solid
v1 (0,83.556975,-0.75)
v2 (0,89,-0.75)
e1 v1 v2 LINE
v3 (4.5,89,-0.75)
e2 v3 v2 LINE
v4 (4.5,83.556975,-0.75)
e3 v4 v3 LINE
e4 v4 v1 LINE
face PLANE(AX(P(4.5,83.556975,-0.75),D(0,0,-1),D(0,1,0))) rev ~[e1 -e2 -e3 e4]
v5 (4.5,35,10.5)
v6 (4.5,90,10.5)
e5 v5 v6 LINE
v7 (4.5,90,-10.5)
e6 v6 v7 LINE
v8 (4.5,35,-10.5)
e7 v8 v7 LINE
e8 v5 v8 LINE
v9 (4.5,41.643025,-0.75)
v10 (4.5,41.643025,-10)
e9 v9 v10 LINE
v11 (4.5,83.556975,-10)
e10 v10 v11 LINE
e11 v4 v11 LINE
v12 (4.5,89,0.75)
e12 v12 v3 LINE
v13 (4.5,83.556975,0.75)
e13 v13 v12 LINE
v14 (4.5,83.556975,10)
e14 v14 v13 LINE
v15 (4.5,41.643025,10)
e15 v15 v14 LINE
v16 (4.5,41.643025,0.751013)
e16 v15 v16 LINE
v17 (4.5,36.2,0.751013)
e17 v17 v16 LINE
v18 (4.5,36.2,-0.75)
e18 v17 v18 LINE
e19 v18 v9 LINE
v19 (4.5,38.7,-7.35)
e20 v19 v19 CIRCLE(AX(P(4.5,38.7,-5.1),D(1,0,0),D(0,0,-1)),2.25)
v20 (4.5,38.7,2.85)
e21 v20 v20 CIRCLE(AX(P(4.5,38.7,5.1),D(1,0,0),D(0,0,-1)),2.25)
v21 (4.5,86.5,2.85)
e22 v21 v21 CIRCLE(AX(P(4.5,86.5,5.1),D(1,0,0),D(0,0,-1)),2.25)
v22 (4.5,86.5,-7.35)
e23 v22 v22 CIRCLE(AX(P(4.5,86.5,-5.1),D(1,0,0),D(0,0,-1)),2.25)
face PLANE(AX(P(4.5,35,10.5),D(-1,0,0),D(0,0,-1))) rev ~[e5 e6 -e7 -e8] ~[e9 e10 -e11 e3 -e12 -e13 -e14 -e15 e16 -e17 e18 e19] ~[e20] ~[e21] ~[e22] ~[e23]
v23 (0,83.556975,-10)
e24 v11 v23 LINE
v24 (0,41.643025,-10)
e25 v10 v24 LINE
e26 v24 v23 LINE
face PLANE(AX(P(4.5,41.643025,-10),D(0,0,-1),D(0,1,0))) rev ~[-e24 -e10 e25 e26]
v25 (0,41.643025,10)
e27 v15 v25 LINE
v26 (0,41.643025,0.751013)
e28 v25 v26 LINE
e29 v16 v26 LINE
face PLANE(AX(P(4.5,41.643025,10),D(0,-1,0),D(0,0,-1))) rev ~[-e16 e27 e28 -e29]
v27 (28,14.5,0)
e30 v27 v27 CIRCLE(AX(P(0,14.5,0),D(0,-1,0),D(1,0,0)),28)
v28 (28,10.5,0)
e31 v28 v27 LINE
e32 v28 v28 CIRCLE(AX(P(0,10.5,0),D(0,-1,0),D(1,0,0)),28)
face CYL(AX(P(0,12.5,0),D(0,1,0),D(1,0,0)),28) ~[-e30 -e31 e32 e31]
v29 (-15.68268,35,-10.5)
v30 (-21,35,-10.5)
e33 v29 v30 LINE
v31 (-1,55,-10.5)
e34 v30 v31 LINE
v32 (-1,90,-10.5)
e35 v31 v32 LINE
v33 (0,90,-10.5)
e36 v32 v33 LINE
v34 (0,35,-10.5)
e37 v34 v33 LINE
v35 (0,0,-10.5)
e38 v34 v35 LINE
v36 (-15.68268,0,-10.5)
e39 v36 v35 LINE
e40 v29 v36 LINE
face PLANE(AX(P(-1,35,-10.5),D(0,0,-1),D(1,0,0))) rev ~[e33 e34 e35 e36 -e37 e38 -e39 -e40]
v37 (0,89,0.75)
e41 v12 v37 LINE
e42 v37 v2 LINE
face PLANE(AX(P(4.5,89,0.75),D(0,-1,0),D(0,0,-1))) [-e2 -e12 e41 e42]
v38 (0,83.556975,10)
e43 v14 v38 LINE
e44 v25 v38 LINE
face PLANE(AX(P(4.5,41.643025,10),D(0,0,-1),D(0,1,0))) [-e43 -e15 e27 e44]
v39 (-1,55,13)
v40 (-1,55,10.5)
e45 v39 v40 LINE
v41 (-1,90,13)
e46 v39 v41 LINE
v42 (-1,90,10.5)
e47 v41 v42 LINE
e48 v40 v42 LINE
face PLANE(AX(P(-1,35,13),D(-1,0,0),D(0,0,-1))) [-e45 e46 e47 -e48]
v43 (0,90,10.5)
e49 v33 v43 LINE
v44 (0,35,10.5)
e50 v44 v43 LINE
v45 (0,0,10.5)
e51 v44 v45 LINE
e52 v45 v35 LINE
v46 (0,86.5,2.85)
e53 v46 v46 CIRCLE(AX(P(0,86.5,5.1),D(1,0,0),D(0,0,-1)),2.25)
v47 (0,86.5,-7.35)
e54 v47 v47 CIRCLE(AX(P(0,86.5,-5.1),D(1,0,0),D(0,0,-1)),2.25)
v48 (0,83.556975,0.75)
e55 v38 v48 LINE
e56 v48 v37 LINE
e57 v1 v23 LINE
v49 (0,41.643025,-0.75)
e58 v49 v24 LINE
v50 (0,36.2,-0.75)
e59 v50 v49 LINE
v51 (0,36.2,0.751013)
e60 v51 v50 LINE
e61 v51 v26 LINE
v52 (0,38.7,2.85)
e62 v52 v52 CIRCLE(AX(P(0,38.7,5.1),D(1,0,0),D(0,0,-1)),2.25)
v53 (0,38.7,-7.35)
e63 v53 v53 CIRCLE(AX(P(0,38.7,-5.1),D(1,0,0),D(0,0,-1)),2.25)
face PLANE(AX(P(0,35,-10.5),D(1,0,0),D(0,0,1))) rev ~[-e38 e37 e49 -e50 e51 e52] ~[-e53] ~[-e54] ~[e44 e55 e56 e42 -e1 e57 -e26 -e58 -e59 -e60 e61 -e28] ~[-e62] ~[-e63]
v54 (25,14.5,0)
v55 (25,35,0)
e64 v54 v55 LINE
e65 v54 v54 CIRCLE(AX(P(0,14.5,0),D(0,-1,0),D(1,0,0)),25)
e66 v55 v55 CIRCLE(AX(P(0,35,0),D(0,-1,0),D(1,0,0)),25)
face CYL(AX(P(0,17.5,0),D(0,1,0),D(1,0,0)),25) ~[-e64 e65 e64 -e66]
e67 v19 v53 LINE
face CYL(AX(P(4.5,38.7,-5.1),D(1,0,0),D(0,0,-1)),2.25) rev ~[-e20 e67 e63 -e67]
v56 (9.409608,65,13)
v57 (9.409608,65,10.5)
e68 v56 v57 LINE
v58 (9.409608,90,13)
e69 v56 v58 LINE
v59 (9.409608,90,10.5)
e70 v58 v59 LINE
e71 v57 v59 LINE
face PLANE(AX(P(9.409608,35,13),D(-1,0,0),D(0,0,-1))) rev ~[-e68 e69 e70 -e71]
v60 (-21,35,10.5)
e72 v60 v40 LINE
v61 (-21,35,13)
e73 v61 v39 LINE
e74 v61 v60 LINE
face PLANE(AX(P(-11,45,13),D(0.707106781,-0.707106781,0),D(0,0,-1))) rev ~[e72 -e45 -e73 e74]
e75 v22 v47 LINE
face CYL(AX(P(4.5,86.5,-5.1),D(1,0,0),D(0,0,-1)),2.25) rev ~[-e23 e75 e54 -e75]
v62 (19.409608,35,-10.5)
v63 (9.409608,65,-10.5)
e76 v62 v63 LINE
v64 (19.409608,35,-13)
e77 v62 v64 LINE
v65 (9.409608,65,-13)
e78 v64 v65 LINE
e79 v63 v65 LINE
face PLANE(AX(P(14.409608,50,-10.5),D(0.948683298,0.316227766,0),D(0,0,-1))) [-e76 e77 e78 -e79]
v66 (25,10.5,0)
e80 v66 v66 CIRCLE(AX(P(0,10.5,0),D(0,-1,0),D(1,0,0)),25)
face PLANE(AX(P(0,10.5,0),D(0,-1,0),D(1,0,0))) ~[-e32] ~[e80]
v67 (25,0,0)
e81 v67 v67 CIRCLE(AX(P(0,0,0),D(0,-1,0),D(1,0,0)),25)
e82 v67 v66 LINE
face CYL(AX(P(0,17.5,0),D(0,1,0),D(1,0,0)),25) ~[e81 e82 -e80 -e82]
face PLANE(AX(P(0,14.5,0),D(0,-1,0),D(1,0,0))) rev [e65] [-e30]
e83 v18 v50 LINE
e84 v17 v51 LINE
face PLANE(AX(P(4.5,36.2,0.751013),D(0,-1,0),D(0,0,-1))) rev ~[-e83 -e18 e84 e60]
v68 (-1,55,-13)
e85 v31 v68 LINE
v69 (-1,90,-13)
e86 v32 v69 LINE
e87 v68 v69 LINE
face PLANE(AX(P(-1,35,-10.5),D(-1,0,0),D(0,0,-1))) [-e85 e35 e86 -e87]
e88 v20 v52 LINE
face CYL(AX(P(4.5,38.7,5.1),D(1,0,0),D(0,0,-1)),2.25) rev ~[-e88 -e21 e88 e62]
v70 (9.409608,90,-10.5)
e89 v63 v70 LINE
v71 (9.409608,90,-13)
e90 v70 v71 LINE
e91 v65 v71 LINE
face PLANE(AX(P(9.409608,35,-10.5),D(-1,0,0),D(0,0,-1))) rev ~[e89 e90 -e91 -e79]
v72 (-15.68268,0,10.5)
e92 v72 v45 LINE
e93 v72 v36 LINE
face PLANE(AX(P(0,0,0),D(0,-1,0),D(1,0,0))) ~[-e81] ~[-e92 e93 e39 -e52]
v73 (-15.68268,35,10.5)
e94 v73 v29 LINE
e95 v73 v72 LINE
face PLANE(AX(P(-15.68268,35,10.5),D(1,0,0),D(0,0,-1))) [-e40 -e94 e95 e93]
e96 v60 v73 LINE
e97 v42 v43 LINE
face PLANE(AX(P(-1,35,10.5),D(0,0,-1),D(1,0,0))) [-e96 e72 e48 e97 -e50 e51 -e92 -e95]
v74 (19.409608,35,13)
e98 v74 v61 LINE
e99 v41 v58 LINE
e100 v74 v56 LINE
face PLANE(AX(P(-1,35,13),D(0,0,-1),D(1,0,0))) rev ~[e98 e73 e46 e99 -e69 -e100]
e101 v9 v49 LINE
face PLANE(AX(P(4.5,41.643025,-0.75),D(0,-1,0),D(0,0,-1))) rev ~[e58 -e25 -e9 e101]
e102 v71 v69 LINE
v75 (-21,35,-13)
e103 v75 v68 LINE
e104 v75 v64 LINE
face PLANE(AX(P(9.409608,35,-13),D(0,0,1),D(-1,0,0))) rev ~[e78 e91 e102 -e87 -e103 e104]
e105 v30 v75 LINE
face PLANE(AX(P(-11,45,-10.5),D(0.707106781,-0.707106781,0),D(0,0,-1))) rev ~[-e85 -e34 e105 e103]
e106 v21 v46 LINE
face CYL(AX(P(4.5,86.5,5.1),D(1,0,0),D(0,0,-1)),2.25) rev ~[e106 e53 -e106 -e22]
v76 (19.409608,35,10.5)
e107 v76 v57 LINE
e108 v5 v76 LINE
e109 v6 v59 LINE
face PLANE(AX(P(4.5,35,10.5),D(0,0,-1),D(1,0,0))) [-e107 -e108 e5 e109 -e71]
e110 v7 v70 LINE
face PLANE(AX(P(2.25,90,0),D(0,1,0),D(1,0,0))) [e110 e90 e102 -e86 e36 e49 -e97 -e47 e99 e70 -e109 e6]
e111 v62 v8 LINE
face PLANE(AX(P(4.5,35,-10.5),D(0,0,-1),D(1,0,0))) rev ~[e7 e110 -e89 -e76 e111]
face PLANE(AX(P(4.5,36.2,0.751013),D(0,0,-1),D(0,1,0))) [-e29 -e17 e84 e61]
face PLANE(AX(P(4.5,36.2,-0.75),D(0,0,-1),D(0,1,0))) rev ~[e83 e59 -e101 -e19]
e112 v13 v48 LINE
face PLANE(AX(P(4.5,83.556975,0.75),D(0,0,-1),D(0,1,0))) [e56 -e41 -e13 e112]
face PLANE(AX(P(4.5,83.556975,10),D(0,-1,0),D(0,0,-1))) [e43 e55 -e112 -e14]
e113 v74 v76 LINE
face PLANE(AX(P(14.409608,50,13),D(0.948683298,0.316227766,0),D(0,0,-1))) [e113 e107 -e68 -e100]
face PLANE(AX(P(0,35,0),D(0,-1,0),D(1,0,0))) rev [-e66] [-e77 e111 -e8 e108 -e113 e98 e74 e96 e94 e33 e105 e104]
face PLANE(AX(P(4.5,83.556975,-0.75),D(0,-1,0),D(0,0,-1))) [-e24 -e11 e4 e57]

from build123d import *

# Parameters (mm, degrees)
SKETCH1_W           = 3
SKETCH1_H           = 4
SKETCH1_W_2         = 25
SKETCH1_H_2         = 35
SKETCH2_W           = 4.909608088
SKETCH2_H           = 2.5
SKETCH2_W_2         = 1
BOSS_EXTRUDE1_DEPTH = 55
CHAMFER1_SIZE       = 10
CHAMFER1_SIZE2      = 30
CHAMFER2_SIZE       = 20
SKETCH3_R           = 2.25
SKETCH3_W           = 20
SKETCH3_H           = 41.913950128
SKETCH3_W_2         = 1.5
SKETCH3_H_2         = 5.443024936
SKETCH3_W_3         = 1.501012669
CUT_EXTRUDE1_DEPTH  = 55
SKETCH5_W           = 15.682680147
SKETCH5_H           = 21
CUT_EXTRUDE2_DEPTH  = 36


with BuildPart() as part:
    # Sketch1 → Revolve1 (revolve)
    with BuildSketch(Plane.XY):
        with Locations((26.5, 12.5)):
            Rectangle(SKETCH1_W, SKETCH1_H)
        with Locations((12.5, 17.5)):
            Rectangle(SKETCH1_W_2, SKETCH1_H_2)
    revolve(axis=Axis((0, 35, 0), (0, -1, 0)))

    # Sketch2 → Boss-Extrude1 (add)
    with BuildSketch(Plane(origin=(0, 35, 0), x_dir=(1, 0, 0), z_dir=(0, 1, 0))):
        Polygon((4.5, 10.5), (4.5, 13), (0, 13), (0, 10.5), (0, -10.5), (0, -13), (4.5, -13), (4.5, -10.5), align=None)
        with Locations((6.954804044, 11.75)):
            Rectangle(SKETCH2_W, SKETCH2_H)
        with Locations((6.954804044, -11.75)):
            Rectangle(SKETCH2_W, SKETCH2_H)
        with Locations((-0.5, -11.75)):
            Rectangle(SKETCH2_W_2, SKETCH2_H)
        with Locations((-0.5, 11.75)):
            Rectangle(SKETCH2_W_2, SKETCH2_H)
    extrude(amount=BOSS_EXTRUDE1_DEPTH)

    # Chamfer1
    chamfer1_edges = [part.edges().sort_by_distance(p)[0] for p in [
        (9.409608088, 35, 11.75),
        (9.409608088, 35, -11.75),
    ]]
    chamfer1_side = [part.faces().sort_by_distance(p)[0] for p in [
        (-0.237473478, 35, 0),
    ]]
    chamfer(chamfer1_edges, length=CHAMFER1_SIZE, length2=CHAMFER1_SIZE2, reference=chamfer1_side[0])

    # Chamfer2
    chamfer2_edges = [part.edges().sort_by_distance(p)[0] for p in [
        (-1, 35, -11.75),
        (-1, 35, 11.75),
    ]]
    chamfer(chamfer2_edges, length=CHAMFER2_SIZE)

    # Sketch3 → Cut-Extrude1 (cut)
    with BuildSketch(Plane(origin=(4.5, 0, 0), x_dir=(0, 0, -1), z_dir=(1, 0, 0))):
        with Locations((-5.1, 86.5)):
            Circle(SKETCH3_R)
        with Locations((5.1, 86.5)):
            Circle(SKETCH3_R)
        with Locations((-5.1, 38.7)):
            Circle(SKETCH3_R)
        with Locations((5.1, 38.7)):
            Circle(SKETCH3_R)
        with Locations((0, 62.6)):
            Rectangle(SKETCH3_W, SKETCH3_H)
        with Locations((0, 86.278487532)):
            Rectangle(SKETCH3_W_2, SKETCH3_H_2)
        with Locations((-0.000506335, 38.921512468)):
            Rectangle(SKETCH3_W_3, SKETCH3_H_2)
    extrude(amount=-CUT_EXTRUDE1_DEPTH, mode=Mode.SUBTRACT)

    # Sketch5 → Cut-Extrude2 (cut, through all)
    with BuildSketch(Plane(origin=(0, 35, 0), x_dir=(1, 0, 0), z_dir=(0, 1, 0))):
        with Locations((-7.841340074, 0)):
            Rectangle(SKETCH5_W, SKETCH5_H)
    extrude(amount=-CUT_EXTRUDE2_DEPTH, mode=Mode.SUBTRACT)


solid = part.part
